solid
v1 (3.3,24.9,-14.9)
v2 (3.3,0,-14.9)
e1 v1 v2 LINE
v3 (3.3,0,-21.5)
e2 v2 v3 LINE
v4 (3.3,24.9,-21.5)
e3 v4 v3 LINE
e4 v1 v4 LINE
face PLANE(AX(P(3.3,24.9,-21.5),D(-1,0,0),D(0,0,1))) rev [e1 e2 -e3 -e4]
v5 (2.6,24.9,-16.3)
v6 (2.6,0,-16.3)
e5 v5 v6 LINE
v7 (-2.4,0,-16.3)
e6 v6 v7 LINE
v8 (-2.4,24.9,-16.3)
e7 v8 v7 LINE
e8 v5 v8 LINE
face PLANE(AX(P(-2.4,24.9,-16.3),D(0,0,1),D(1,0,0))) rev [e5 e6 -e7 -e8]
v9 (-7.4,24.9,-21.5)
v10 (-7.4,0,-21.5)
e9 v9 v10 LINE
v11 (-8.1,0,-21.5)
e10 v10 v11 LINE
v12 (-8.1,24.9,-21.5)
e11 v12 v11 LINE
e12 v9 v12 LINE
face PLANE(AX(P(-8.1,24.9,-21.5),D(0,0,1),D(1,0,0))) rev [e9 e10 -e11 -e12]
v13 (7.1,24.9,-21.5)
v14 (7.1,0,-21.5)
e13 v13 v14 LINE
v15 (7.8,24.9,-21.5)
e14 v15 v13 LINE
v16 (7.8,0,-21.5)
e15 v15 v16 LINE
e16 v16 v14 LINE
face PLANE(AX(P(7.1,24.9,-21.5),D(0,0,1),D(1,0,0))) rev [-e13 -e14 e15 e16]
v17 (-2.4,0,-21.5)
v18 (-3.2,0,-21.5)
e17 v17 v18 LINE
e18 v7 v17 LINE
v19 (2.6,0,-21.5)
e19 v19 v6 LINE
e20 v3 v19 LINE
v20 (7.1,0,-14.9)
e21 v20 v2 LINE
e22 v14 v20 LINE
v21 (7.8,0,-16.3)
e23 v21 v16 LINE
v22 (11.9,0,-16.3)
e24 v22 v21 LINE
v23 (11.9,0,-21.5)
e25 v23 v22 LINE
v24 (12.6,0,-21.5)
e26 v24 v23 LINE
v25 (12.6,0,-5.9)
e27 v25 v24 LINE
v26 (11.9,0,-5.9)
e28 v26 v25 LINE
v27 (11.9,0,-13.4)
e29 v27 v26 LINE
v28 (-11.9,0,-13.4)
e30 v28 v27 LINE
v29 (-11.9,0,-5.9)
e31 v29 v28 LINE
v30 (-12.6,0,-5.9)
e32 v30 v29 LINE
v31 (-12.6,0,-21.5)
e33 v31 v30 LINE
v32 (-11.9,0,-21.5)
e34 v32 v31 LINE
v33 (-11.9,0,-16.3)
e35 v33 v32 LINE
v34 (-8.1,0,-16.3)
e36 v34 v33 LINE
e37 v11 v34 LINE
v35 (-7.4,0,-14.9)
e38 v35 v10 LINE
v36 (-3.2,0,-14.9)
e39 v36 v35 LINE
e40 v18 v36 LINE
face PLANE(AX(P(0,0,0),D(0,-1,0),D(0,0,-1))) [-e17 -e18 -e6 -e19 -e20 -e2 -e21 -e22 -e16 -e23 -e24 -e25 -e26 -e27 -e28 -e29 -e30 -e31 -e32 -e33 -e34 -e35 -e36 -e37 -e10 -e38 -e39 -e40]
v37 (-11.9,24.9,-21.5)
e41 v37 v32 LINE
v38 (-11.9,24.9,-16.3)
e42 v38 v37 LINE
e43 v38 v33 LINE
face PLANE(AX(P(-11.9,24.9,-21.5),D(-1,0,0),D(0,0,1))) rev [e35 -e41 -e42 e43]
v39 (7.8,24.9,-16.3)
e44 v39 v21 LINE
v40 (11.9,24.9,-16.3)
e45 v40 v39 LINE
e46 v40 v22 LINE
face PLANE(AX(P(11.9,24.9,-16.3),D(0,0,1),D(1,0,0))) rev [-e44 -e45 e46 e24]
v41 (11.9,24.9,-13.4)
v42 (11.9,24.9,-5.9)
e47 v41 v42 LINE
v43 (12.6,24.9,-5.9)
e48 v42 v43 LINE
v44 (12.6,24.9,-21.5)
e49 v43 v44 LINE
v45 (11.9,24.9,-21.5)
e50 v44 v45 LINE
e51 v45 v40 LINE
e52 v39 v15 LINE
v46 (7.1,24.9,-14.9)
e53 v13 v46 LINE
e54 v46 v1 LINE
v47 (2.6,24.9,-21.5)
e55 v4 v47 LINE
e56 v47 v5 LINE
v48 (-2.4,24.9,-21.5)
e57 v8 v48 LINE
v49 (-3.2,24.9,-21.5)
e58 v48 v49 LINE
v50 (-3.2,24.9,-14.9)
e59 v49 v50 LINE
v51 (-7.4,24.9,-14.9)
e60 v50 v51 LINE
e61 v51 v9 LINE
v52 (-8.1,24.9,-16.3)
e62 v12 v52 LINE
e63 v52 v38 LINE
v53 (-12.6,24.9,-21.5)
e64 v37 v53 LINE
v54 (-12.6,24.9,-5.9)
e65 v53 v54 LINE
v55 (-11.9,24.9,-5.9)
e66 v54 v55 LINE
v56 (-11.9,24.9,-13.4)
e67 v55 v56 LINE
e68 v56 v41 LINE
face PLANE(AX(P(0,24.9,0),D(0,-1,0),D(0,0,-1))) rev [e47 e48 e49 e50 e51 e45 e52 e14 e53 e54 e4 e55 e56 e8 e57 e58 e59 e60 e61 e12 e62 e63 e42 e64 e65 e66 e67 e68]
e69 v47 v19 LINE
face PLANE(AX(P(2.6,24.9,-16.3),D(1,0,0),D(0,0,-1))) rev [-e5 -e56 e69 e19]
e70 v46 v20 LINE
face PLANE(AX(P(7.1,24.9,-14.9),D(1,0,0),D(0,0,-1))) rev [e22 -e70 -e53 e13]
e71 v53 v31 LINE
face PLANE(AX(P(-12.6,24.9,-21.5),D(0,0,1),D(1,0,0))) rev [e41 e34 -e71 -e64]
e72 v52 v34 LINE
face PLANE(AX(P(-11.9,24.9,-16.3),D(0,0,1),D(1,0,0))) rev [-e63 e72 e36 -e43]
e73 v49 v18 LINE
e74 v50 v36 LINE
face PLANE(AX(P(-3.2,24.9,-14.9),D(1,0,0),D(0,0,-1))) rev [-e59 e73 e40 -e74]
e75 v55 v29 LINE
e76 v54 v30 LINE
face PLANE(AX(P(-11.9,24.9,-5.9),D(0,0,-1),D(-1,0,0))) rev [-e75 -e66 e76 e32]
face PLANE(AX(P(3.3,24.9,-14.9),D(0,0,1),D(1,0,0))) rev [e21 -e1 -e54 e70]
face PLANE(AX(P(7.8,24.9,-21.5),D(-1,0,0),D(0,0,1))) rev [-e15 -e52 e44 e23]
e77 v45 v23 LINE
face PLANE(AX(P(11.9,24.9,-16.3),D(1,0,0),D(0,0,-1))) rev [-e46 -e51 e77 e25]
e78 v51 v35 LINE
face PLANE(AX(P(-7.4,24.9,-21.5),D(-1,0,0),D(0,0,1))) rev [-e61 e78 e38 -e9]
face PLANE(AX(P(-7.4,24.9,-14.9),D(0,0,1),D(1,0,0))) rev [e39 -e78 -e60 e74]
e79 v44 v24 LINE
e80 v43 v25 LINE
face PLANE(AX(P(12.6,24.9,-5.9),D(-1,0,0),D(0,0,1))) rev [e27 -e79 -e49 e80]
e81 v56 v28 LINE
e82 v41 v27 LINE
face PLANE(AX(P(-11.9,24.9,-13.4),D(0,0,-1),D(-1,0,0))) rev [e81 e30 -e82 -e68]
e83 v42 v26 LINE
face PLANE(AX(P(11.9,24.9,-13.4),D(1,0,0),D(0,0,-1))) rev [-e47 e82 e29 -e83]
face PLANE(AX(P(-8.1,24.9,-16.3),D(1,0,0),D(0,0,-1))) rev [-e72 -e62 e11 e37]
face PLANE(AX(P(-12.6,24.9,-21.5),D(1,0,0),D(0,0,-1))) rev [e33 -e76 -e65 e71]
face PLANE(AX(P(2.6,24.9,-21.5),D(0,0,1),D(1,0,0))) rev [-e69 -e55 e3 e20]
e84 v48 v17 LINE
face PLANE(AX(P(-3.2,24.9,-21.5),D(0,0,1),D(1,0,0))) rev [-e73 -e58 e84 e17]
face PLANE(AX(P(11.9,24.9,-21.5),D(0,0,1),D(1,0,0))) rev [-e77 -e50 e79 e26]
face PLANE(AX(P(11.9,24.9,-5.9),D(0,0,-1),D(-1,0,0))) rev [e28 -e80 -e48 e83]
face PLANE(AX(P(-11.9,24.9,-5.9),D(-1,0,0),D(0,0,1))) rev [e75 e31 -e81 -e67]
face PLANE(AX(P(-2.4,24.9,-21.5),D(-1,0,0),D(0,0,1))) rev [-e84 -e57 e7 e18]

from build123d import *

# Parameters (mm, degrees)
EXTRUDE_1_DEPTH = 24.9


with BuildPart() as part:
    # 草图1 → 凸台-拉伸1 (new body)
    with BuildSketch(Plane(origin=(0, 0, 0), x_dir=(1, 0, 0), z_dir=(0, 1, 0))):
        Polygon((-2.4, 16.3), (2.6, 16.3), (2.6, 21.5), (3.3, 21.5), (3.3, 14.9), (7.1, 14.9), (7.1, 21.5), (7.8, 21.5), (7.8, 16.3), (11.9, 16.3), (11.9, 21.5), (12.6, 21.5), (12.6, 5.9), (11.9, 5.9), (11.9, 13.4), (-11.9, 13.4), (-11.9, 5.9), (-12.6, 5.9), (-12.6, 21.5), (-11.9, 21.5), (-11.9, 16.3), (-8.1, 16.3), (-8.1, 21.5), (-7.4, 21.5), (-7.4, 14.9), (-3.2, 14.9), (-3.2, 21.5), (-2.4, 21.5), align=None)
    extrude(amount=EXTRUDE_1_DEPTH)


solid = part.part
